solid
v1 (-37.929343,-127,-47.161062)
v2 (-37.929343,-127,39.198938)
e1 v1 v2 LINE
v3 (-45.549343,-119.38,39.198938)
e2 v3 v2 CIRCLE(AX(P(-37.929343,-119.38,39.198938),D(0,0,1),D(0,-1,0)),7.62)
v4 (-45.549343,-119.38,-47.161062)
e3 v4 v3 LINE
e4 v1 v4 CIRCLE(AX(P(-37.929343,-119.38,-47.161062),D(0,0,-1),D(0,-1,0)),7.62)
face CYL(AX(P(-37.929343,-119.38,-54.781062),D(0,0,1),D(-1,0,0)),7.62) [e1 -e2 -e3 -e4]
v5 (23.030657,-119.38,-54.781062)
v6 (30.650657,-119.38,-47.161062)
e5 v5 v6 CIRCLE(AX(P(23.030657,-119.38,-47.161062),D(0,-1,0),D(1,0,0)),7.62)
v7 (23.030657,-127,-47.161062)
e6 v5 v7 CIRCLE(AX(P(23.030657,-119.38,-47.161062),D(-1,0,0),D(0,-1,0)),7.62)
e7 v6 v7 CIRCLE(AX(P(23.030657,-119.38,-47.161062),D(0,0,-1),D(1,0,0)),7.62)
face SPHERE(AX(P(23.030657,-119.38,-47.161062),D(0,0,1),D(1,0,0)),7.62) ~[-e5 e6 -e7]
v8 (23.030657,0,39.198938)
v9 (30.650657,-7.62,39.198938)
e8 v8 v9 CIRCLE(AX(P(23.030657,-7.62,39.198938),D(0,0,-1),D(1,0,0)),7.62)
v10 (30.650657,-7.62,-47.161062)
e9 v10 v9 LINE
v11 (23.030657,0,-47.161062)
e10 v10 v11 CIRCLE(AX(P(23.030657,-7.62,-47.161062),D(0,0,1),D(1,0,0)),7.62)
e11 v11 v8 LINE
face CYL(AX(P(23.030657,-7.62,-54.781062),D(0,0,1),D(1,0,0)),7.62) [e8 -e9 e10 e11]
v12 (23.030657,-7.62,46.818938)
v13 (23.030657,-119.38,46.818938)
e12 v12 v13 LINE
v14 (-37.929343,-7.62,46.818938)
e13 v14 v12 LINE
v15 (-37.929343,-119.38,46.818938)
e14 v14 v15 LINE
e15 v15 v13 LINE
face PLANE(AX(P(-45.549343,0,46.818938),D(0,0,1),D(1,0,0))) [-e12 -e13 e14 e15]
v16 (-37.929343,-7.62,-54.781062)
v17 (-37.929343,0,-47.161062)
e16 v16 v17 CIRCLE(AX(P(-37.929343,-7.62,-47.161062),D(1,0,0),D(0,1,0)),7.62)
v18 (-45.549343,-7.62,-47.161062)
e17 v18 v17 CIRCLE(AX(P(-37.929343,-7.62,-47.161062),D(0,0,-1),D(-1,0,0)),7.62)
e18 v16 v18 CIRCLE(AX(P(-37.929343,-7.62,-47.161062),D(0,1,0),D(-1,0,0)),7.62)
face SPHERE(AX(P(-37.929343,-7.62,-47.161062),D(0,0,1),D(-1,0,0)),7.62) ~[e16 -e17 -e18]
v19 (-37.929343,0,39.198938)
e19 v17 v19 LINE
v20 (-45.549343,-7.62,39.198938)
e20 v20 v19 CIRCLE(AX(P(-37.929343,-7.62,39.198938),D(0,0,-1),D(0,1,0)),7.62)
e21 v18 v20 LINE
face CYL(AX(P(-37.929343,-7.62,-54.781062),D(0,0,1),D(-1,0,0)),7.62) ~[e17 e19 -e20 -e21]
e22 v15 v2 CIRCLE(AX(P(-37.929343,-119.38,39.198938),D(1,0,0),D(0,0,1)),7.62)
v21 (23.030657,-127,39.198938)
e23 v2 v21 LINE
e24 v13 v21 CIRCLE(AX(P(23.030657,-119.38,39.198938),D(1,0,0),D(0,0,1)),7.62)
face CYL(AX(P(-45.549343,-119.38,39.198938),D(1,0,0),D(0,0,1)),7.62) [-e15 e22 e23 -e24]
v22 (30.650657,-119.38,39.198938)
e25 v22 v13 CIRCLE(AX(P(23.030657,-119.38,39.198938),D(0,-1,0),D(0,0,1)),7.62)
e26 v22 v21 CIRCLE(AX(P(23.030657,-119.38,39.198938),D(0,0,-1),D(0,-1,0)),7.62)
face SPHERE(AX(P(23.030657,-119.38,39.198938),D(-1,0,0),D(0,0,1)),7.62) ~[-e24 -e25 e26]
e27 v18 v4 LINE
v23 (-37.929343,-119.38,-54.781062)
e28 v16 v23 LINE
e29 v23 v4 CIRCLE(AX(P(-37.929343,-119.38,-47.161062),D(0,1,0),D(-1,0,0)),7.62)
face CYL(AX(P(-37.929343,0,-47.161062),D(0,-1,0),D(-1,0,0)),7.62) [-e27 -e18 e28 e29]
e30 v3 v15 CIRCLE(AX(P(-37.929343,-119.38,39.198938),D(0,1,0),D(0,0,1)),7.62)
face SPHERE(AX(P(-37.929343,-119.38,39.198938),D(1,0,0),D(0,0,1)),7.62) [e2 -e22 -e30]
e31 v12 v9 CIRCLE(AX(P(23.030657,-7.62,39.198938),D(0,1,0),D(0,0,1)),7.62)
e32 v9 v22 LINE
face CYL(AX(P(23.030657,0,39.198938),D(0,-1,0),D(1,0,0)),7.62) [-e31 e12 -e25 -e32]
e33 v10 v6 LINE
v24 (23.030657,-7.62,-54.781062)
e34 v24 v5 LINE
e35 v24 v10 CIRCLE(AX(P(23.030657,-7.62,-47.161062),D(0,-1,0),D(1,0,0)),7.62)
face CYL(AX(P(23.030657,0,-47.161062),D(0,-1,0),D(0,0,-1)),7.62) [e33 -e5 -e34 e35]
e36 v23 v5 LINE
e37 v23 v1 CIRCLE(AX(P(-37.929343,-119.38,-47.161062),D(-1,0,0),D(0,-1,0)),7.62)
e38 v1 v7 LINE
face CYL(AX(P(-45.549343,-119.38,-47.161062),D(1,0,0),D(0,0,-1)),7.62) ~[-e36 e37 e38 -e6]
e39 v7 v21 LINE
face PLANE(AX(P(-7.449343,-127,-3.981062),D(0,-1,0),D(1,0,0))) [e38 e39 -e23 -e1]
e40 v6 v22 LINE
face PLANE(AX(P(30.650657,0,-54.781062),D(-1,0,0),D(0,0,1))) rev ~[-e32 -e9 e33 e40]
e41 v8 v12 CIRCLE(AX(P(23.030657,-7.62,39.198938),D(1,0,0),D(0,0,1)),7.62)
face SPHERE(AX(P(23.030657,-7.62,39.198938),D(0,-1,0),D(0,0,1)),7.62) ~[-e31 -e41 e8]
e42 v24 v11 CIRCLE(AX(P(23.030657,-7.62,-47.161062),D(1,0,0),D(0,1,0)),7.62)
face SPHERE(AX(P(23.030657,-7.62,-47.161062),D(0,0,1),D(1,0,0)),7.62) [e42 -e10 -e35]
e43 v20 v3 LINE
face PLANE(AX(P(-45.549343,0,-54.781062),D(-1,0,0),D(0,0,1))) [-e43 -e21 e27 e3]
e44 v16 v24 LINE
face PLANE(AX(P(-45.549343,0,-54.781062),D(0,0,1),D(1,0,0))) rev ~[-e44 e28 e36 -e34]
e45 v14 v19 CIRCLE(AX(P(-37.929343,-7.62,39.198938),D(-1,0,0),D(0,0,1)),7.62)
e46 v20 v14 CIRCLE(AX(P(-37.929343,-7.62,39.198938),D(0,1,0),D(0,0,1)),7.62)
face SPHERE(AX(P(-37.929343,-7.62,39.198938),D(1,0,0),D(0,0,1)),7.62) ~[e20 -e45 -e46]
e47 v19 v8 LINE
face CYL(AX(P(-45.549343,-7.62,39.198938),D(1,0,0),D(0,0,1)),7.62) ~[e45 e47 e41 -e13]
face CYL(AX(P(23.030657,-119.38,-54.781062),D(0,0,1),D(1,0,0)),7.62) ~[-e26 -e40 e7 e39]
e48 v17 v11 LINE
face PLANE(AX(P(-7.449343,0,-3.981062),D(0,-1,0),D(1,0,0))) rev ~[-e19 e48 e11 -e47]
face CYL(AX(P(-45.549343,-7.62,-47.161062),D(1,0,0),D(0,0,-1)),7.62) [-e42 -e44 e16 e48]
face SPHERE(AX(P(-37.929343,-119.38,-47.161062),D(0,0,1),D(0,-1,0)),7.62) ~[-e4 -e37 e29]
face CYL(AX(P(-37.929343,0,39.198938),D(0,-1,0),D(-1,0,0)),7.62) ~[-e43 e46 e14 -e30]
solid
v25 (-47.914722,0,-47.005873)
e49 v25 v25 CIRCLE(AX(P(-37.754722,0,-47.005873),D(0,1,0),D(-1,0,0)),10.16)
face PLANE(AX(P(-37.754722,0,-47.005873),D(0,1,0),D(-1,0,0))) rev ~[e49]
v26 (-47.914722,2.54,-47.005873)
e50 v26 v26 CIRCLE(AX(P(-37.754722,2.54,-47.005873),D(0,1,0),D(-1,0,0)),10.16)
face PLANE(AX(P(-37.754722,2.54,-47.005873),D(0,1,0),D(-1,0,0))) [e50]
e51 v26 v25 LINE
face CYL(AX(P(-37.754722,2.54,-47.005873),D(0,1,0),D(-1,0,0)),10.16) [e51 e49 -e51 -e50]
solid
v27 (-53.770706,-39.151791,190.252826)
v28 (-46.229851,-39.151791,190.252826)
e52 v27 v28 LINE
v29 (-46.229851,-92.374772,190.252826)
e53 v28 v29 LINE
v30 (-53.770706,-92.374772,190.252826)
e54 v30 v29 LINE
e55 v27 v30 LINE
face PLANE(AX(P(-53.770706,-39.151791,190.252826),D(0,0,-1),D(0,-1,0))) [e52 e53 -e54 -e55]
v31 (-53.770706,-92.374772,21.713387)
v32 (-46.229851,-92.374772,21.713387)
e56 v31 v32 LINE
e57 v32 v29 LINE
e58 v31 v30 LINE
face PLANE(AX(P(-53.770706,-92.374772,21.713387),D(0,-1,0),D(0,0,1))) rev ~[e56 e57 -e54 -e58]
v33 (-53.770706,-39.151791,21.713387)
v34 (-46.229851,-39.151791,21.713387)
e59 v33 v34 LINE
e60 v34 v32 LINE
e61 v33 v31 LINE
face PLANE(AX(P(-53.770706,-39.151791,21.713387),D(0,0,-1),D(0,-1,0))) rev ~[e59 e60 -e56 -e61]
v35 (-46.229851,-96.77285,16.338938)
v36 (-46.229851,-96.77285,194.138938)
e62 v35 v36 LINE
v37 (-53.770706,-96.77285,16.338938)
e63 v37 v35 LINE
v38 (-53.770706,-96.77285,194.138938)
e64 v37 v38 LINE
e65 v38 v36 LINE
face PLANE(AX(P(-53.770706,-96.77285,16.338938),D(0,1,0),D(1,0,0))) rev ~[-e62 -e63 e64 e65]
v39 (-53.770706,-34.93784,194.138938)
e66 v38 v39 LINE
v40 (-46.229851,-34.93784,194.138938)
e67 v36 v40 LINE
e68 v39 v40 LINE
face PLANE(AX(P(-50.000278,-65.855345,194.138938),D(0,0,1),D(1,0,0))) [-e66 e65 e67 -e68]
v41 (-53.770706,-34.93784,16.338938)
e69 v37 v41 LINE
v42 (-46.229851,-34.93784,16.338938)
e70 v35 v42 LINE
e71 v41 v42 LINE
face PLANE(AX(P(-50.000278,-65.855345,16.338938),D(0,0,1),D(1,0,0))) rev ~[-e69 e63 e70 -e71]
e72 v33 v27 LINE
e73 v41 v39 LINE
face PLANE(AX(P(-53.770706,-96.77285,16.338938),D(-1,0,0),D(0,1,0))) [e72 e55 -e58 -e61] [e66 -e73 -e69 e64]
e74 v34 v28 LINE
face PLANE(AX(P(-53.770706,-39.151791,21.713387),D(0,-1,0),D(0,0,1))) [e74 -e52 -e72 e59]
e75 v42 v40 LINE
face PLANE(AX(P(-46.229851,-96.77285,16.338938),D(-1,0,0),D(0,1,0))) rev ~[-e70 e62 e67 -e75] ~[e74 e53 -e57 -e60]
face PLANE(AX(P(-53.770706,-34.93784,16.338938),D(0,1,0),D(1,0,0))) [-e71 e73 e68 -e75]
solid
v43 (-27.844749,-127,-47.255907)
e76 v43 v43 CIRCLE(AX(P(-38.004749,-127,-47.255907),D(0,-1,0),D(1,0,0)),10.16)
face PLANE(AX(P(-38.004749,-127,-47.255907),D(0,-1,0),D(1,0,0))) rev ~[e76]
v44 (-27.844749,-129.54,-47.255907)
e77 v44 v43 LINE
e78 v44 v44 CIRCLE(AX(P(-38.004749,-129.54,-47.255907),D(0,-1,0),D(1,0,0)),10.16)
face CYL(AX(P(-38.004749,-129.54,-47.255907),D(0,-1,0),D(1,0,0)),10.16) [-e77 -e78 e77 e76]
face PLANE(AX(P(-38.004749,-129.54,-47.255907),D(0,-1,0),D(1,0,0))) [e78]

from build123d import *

# Parameters (mm, degrees)
F0_W      = 76.2
F0_H      = 101.6
F1_DEPTH  = 127
F2_R      = 7.62
F4_R      = 10.16
F5_DEPTH  = 2.54
F7_R      = 10.16
F8_DEPTH  = 2.54
F10_W     = 7.5408555567
F10_H     = 61.8350096047
F11_DEPTH = 177.8
F12_W     = 53.2229803503
F12_H     = 168.5394383967
F13_DEPTH = 7.5408555567


with BuildPart() as f1:
    # F0 (on Front) → F1 (new body)
    with BuildSketch(Plane.XZ):
        with Locations((-7.4493430227, -3.9810621095)):
            Rectangle(F0_W, F0_H)
    extrude(amount=F1_DEPTH)

    # F2
    f2_edges = [f1.edges().sort_by_distance(p)[0] for p in [
        (-7.449343, -127, 46.818938),
        (30.650657, -63.5, 46.818938),
        (-7.449343, 0, 46.818938),
        (-45.549343, -63.5, 46.818938),
        (-45.549343, -127, -3.981062),
        (30.650657, -127, -3.981062),
        (30.650657, 0, -3.981062),
        (30.650657, -63.5, -54.781062),
        (-7.449343, -127, -54.781062),
        (-45.549343, 0, -3.981062),
        (-45.549343, -63.5, -54.781062),
        (-7.449343, 0, -54.781062),
    ]]
    fillet(f2_edges, radius=F2_R)


with BuildPart() as f5:
    # F4 (on offset) → F5 (new body)
    with BuildSketch(Plane.XZ.offset(129.54)):
        with Locations((-38.0047485232, -47.2559072077)):
            Circle(F4_R)
    extrude(amount=-F5_DEPTH)


with BuildPart() as f8:
    # F7 (on offset) → F8 (new body)
    with BuildSketch(Plane(origin=(0, 2.54, 0), x_dir=(-1, 0, 0), z_dir=(0, 1, 0))):
        with Locations((37.7547219396, -47.0058731735)):
            Circle(F7_R)
    extrude(amount=-F8_DEPTH)


with BuildPart() as f11:
    # F10 (on offset) → F11 (new body)
    with BuildSketch(Plane.XY.offset(16.3389378905)):
        with Locations((-50.0002782792, -65.8553447574)):
            Rectangle(F10_W, F10_H)
    extrude(amount=F11_DEPTH)

    # F12 (on face) → F13 (cut, through all)
    with BuildSketch(Plane(origin=(-53.7707060575, 0, 0), x_dir=(0, -1, 0), z_dir=(-1, 0, 0))):
        with Locations((65.7632816583, 105.9831064194)):
            Rectangle(F12_W, F12_H)
    extrude(amount=-F13_DEPTH, mode=Mode.SUBTRACT)


solid = Compound([f1.part, f5.part, f8.part, f11.part])
